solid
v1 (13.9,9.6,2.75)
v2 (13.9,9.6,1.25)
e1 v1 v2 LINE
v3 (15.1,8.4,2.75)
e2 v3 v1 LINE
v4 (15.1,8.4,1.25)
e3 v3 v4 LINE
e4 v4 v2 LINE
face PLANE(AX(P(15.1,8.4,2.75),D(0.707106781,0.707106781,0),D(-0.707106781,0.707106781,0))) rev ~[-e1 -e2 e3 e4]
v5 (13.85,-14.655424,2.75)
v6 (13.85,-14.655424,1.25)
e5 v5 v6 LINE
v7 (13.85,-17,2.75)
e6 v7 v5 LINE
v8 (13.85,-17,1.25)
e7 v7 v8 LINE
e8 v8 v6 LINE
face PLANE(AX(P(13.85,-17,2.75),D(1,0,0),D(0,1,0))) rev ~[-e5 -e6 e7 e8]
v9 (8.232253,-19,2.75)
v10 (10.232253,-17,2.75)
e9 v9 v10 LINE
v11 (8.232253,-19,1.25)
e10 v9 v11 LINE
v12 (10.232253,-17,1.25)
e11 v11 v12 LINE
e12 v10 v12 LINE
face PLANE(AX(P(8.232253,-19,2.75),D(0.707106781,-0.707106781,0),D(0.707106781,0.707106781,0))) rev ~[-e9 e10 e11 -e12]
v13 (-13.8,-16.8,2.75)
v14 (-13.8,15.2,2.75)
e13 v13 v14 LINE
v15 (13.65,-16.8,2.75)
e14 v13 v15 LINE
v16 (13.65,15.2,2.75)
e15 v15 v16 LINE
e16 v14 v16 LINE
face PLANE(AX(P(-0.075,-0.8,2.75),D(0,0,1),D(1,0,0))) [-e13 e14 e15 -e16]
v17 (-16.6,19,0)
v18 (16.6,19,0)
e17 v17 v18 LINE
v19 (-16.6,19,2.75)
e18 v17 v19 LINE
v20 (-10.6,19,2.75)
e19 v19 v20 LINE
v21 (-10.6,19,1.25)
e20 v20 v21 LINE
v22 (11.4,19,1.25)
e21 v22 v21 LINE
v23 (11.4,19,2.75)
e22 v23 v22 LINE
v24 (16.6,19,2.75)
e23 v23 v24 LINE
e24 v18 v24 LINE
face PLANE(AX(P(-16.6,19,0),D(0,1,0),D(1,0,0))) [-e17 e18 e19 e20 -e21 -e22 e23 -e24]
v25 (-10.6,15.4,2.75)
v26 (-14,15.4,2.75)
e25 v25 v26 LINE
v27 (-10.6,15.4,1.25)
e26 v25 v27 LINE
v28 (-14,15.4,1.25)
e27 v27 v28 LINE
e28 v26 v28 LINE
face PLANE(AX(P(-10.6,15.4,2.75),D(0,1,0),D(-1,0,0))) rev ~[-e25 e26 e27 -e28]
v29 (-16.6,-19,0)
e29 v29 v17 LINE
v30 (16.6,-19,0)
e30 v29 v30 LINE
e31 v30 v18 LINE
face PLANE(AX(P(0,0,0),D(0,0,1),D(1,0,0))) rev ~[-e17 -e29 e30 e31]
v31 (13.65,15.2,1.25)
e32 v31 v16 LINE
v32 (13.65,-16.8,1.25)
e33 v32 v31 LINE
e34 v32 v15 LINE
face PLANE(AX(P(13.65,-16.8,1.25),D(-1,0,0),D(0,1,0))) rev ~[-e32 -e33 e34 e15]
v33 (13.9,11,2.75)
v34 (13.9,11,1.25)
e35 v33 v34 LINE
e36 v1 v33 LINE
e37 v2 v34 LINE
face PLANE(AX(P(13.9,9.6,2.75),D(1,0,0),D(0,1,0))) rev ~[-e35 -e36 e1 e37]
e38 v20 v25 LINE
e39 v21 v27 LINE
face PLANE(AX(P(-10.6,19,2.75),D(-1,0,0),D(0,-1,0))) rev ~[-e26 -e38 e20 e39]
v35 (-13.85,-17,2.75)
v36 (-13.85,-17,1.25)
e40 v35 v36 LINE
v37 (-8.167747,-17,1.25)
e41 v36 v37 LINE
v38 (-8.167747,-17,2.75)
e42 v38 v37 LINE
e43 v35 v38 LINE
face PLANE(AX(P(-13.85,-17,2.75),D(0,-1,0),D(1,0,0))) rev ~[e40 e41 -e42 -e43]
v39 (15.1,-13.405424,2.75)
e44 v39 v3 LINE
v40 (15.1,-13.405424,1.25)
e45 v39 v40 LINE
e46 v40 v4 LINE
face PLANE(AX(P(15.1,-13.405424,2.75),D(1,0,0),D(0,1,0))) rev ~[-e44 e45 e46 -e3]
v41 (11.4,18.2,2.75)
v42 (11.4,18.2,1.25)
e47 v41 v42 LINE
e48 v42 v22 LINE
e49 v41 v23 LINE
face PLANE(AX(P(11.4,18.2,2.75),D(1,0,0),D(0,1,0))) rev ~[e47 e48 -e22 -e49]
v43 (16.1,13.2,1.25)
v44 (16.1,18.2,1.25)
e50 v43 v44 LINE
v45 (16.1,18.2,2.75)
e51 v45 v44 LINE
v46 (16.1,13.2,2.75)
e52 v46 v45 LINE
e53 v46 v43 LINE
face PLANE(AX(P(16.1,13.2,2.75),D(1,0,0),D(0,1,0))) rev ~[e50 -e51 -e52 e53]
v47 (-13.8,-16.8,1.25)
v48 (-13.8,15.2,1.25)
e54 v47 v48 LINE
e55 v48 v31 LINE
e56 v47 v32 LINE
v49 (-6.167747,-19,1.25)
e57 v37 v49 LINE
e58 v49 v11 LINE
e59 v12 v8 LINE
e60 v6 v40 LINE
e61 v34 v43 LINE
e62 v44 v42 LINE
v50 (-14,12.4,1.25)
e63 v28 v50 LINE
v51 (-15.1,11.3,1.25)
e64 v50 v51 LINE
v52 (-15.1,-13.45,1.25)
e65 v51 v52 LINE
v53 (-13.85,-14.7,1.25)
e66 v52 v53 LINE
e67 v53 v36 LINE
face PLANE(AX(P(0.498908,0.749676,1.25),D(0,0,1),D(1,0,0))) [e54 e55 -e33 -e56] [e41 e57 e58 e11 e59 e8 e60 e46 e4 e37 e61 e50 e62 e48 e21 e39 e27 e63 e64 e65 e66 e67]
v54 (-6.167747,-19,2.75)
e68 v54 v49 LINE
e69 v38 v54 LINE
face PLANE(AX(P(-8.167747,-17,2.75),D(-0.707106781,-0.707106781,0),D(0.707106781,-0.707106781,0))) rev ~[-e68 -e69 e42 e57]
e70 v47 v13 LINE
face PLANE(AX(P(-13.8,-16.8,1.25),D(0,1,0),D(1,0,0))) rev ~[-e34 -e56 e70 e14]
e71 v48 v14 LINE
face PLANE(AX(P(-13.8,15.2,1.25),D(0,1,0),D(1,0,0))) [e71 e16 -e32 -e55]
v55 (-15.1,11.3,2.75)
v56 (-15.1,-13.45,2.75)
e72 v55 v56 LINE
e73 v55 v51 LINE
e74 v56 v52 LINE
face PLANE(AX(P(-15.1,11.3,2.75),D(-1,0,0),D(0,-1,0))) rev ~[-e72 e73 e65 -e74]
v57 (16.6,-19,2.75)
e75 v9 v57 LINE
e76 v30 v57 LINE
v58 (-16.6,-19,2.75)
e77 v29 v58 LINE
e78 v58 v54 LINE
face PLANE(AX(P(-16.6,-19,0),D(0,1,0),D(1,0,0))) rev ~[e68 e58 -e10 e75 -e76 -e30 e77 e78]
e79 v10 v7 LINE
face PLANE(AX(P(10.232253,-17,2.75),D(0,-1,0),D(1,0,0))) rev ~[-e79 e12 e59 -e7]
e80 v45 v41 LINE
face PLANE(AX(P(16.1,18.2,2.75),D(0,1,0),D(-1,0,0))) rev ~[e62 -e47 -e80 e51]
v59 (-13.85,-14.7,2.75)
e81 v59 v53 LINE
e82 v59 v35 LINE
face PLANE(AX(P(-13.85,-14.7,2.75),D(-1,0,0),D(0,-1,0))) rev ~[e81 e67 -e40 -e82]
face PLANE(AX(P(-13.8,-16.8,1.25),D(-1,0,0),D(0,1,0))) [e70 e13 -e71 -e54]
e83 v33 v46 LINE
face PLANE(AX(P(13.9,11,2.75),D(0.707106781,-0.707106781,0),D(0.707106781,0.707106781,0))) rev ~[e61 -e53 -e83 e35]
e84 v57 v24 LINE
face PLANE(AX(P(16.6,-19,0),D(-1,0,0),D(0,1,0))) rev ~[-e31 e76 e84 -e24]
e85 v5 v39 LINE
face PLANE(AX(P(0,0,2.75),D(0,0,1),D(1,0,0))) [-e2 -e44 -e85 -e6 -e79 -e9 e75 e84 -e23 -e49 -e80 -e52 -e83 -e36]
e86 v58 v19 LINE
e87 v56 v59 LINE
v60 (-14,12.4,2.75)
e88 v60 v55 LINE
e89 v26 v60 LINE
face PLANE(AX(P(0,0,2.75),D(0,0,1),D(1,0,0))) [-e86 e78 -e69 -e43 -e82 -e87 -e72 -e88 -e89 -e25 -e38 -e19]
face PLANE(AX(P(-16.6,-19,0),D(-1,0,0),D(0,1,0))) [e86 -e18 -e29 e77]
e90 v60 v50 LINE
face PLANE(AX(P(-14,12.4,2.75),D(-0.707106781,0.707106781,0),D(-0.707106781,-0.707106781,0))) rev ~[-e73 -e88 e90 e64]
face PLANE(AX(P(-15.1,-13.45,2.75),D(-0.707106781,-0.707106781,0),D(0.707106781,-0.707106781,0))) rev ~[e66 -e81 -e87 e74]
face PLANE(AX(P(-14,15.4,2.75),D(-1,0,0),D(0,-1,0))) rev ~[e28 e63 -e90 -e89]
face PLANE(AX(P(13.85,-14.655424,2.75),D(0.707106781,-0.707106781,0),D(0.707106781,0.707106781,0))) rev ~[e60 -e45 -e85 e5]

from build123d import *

# Parameters (mm, degrees)
SKETCH1_W           = 33.2
SKETCH1_H           = 38
BOSS_EXTRUDE1_DEPTH = 2.75
CUT_EXTRUDE1_DEPTH  = 1.5
SKETCH3_W           = 27.45
SKETCH3_H           = 32
BOSS_EXTRUDE2_DEPTH = 1.5


with BuildPart() as part:
    # Sketch1 → Boss-Extrude1 (new body)
    with BuildSketch(Plane.XY):
        Rectangle(SKETCH1_W, SKETCH1_H)
    extrude(amount=BOSS_EXTRUDE1_DEPTH)

    # Sketch2 → Cut-Extrude1 (cut)
    with BuildSketch(Plane.XY.offset(2.75)):
        Polygon((-6.16774695, -19), (8.23225305, -19), (10.23225305, -17), (13.85, -17), (13.85, -14.655424434), (15.1, -13.405424434), (15.1, 8.4), (13.9, 9.6), (13.9, 11), (16.1, 13.2), (16.1, 18.2), (11.4, 18.2), (11.4, 19), (-10.6, 19), (-10.6, 15.4), (-14, 15.4), (-14, 12.4), (-15.1, 11.3), (-15.1, -13.45), (-13.85, -14.7), (-13.85, -17), (-8.16774695, -17), align=None)
    extrude(amount=-CUT_EXTRUDE1_DEPTH, mode=Mode.SUBTRACT)

    # Sketch3 → Boss-Extrude2 (add)
    with BuildSketch(Plane.XY.offset(1.25)):
        with Locations((-0.075, -0.8)):
            Rectangle(SKETCH3_W, SKETCH3_H)
    extrude(amount=BOSS_EXTRUDE2_DEPTH)


solid = part.part
